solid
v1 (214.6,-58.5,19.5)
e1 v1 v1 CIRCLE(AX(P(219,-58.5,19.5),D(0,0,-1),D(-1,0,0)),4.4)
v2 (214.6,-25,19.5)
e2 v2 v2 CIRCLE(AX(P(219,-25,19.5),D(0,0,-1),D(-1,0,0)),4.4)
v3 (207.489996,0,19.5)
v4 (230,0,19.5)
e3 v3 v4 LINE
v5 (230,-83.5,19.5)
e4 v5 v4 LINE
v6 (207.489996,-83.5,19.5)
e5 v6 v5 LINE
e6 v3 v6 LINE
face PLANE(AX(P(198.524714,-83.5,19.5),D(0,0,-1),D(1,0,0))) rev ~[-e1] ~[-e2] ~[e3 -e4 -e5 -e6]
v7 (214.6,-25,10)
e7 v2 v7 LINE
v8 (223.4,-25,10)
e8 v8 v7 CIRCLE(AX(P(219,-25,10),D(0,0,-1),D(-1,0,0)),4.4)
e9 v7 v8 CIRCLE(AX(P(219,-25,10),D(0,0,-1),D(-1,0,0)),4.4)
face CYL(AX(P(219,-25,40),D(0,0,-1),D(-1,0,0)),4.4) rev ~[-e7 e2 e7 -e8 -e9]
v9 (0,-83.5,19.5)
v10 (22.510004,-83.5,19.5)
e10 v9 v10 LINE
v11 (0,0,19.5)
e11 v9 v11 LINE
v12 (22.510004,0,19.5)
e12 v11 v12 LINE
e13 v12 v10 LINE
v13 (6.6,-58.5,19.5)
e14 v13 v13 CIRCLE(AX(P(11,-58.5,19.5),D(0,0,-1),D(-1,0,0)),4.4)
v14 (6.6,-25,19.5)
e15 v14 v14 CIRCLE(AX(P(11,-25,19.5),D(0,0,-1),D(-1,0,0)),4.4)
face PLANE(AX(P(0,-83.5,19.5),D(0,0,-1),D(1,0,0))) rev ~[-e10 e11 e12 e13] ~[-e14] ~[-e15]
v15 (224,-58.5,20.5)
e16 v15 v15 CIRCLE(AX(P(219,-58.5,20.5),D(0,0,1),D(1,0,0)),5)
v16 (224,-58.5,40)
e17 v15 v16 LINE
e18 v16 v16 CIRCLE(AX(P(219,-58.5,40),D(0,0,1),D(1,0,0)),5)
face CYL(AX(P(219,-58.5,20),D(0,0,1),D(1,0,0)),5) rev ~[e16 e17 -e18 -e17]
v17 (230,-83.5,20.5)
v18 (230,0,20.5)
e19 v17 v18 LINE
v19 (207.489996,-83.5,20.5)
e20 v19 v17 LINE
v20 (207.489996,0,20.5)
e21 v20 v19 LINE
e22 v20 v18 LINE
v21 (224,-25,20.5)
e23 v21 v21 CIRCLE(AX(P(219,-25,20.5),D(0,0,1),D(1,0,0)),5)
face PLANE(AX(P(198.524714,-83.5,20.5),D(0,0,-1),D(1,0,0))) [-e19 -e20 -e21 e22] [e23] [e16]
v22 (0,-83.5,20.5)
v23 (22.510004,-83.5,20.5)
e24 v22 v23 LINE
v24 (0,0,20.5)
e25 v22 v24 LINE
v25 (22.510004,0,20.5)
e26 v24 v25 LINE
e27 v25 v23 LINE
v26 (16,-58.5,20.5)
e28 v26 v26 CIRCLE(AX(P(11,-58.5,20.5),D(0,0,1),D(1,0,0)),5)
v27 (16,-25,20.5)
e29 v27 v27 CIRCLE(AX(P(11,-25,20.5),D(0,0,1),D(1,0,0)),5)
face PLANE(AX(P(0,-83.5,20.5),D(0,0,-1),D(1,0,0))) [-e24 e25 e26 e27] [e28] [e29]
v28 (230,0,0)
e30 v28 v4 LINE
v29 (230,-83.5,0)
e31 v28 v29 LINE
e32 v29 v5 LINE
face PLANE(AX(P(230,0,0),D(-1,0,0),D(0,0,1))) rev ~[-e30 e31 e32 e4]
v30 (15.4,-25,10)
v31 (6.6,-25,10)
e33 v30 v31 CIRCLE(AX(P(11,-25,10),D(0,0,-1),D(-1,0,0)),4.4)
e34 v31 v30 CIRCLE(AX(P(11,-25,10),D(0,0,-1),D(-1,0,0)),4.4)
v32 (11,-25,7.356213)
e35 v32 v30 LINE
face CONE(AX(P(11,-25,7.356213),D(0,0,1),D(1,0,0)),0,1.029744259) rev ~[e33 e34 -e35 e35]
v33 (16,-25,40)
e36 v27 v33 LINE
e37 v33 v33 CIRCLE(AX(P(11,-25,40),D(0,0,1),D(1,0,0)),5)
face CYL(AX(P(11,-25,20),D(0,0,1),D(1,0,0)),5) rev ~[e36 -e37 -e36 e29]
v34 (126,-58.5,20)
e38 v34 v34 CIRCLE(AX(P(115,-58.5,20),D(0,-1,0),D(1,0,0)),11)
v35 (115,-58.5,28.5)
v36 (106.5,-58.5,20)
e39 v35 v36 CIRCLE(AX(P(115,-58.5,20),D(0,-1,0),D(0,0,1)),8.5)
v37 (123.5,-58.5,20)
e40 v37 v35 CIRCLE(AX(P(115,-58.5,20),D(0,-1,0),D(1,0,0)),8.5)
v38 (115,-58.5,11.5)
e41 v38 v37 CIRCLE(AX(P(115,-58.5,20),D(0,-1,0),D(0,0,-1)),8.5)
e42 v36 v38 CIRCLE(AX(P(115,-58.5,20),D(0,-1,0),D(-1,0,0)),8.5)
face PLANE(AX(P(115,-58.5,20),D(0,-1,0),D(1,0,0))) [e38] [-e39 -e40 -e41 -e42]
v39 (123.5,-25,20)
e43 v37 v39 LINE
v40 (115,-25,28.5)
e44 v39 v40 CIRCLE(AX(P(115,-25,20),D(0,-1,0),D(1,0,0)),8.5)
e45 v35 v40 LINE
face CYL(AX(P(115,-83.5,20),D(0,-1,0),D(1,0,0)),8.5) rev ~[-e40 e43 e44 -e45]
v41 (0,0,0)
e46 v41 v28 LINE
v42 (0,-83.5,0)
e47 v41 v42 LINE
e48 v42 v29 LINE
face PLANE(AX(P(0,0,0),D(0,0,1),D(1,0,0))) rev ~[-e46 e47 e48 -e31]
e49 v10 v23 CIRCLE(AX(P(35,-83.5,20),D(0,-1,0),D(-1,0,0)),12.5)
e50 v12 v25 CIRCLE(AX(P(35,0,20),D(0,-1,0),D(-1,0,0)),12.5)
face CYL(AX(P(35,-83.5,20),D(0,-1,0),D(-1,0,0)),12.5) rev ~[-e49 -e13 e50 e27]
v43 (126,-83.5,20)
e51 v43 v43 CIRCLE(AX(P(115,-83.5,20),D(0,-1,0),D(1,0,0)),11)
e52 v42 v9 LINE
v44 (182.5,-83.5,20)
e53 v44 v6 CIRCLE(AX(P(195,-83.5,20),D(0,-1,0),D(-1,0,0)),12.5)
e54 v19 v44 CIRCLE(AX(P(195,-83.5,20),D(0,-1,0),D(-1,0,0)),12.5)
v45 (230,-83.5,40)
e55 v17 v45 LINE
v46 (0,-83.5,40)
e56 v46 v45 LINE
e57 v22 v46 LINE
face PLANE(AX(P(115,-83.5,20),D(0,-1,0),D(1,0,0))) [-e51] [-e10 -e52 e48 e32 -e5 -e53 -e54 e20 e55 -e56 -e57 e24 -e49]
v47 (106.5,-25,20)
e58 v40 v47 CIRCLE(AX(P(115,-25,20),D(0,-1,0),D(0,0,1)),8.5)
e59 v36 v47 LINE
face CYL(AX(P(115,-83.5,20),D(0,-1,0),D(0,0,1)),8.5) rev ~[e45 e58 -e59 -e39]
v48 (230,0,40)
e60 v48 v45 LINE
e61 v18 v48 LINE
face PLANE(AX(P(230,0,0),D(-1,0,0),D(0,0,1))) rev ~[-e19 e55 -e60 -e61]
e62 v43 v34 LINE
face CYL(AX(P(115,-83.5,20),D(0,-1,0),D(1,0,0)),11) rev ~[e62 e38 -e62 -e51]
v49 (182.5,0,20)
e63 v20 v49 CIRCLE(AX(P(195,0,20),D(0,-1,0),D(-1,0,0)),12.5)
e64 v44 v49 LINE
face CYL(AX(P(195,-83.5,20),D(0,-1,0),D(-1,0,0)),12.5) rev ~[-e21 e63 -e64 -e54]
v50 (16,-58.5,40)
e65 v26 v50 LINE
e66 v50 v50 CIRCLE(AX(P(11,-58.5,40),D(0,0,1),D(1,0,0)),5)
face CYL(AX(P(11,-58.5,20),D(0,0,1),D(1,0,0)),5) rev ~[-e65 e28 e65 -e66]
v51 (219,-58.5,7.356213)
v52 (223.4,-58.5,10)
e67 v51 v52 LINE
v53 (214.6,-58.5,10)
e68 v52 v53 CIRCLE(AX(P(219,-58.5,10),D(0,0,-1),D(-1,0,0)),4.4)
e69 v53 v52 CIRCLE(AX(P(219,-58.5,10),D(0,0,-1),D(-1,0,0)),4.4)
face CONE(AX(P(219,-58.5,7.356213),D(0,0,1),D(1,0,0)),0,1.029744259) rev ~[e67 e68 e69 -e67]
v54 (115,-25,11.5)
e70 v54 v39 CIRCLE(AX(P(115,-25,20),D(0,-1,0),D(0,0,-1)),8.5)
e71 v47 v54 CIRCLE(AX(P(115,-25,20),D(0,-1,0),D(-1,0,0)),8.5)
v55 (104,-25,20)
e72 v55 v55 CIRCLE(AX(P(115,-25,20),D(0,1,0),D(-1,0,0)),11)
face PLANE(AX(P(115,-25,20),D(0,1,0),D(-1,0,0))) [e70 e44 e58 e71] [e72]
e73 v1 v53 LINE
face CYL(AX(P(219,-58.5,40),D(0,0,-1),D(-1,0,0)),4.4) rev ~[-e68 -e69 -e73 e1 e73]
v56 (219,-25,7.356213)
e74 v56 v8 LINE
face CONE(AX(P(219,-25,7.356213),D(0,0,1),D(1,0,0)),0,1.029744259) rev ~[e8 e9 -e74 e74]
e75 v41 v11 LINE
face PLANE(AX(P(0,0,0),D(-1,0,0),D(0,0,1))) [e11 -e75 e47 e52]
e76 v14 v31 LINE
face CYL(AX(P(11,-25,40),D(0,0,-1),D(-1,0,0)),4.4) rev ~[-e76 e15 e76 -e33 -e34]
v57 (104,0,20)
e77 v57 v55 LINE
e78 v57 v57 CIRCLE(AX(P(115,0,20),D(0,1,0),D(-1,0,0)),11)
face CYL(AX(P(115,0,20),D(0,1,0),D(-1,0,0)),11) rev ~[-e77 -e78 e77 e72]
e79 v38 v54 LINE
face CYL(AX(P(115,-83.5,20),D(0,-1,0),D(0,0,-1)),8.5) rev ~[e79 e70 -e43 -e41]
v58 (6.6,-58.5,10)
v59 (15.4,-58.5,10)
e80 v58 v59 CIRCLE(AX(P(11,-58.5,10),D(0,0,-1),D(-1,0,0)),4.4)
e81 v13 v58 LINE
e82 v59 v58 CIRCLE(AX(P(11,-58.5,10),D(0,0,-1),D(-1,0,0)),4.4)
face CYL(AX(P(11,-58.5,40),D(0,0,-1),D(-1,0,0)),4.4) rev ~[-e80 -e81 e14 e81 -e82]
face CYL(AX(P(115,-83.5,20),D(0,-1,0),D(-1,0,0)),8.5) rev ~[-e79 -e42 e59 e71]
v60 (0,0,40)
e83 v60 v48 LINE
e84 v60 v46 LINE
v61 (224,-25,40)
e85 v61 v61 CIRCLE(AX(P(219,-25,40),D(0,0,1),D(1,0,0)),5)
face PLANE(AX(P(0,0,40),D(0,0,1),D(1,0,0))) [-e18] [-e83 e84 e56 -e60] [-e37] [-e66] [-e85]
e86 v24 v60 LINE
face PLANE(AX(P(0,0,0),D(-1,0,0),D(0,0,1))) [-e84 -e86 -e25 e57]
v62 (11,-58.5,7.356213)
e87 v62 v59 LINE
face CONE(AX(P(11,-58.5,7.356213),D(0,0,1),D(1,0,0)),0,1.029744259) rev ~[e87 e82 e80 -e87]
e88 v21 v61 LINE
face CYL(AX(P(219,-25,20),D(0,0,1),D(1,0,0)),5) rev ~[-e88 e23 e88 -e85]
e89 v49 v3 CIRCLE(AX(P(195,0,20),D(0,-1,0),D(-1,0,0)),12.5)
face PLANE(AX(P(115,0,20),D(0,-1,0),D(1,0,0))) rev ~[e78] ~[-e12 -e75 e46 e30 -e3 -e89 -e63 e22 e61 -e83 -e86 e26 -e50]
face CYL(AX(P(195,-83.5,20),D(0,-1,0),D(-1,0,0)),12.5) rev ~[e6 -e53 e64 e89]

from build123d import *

# Parameters (mm, degrees)
F0_W            = 230
F0_H            = 40
F1_DEPTH        = 83.5
F3_DEPTH        = 83.501
F4_R            = 11
F5_DEPTH        = 25
F6_R            = 11
F7_DEPTH        = 25
F8_W            = 26.2972414494
F8_H            = 0.5
F8_W_2          = 31.4752864838
F9_DEPTH        = 83.501
F11_D           = 8.8
F11_DEPTH       = 30
F11_CBORE_D     = 10
F11_CBORE_DEPTH = 20
F11_TIP         = 2.6437867237


with BuildPart() as f1:
    # F0 (on Front) → F1 (new body)
    with BuildSketch(Plane.XZ):
        with Locations((115, 20)):
            Rectangle(F0_W, F0_H)
    extrude(amount=F1_DEPTH)

    # F2 (on face) → F3 (cut, through all)
    with BuildSketch(Plane.XZ.offset(83.5)):
        with BuildLine():
            Line((22.5, 20), (35, 20))
            Line((35, 20), (47.5, 20))
            ThreePointArc((47.5, 20), (35, 32.5), (22.5, 20))
        make_face()
        with BuildLine():
            Line((47.5, 20), (35, 20))
            Line((35, 20), (22.5, 20))
            ThreePointArc((22.5, 20), (35, 7.5), (47.5, 20))
        make_face()
        with BuildLine():
            ThreePointArc((207.5, 20), (195, 32.5), (182.5, 20))
            Line((182.5, 20), (195, 20))
            Line((195, 20), (207.5, 20))
        make_face()
        with BuildLine():
            Line((195, 20), (182.5, 20))
            ThreePointArc((182.5, 20), (195, 7.5), (207.5, 20))
            Line((207.5, 20), (195, 20))
        make_face()
        with BuildLine():
            ThreePointArc((115, 28.5), (108.9895923599, 26.0104076401), (106.5, 20))
            Line((106.5, 20), (115, 20))
            Line((115, 20), (115, 28.5))
        make_face()
        with BuildLine():
            Line((115, 20), (106.5, 20))
            ThreePointArc((106.5, 20), (108.9895923599, 13.9895923599), (115, 11.5))
            Line((115, 11.5), (115, 20))
        make_face()
        with BuildLine():
            Line((115, 28.5), (115, 20))
            Line((115, 20), (123.5, 20))
            ThreePointArc((123.5, 20), (121.0104076401, 26.0104076401), (115, 28.5))
        make_face()
        with BuildLine():
            Line((123.5, 20), (115, 20))
            Line((115, 20), (115, 11.5))
            ThreePointArc((115, 11.5), (121.0104076401, 13.9895923599), (123.5, 20))
        make_face()
    extrude(amount=-F3_DEPTH, mode=Mode.SUBTRACT)

    # F4 (on face) → F5 (cut)
    with BuildSketch(Plane.XZ.offset(83.5)):
        with Locations((115, 20)):
            Circle(F4_R)
    extrude(amount=-F5_DEPTH, mode=Mode.SUBTRACT)

    # F6 (on face) → F7 (cut)
    with BuildSketch(Plane(origin=(0, 0, 0), x_dir=(-1, 0, 0), z_dir=(0, 1, 0))):
        with Locations((-115, 20)):
            Circle(F6_R)
    extrude(amount=-F7_DEPTH, mode=Mode.SUBTRACT)

    # F8 (on face) → F9 (cut, through all)
    with BuildSketch(Plane.XZ.offset(83.5)):
        with Locations((13.1486207247, 20.25)):
            Rectangle(F8_W, F8_H)
        with Locations((13.1486207247, 19.75)):
            Rectangle(F8_W, F8_H)
        with Locations((214.2623567581, 19.75)):
            Rectangle(F8_W_2, F8_H)
        with Locations((214.2623567581, 20.25)):
            Rectangle(F8_W_2, F8_H)
    extrude(amount=-F9_DEPTH, mode=Mode.SUBTRACT)

    # F11
    with Locations(Plane.XY.offset(40)):
        with Locations((11, -25), (11, -58.5), (219, -25), (219, -58.5)):
            CounterBoreHole(F11_D / 2, F11_CBORE_D / 2, F11_CBORE_DEPTH, depth=F11_DEPTH)
            with Locations((0, 0, -(F11_DEPTH + F11_TIP / 2))):  # 118° drill point
                Cone(0, F11_D / 2, F11_TIP, mode=Mode.SUBTRACT)


solid = f1.part
